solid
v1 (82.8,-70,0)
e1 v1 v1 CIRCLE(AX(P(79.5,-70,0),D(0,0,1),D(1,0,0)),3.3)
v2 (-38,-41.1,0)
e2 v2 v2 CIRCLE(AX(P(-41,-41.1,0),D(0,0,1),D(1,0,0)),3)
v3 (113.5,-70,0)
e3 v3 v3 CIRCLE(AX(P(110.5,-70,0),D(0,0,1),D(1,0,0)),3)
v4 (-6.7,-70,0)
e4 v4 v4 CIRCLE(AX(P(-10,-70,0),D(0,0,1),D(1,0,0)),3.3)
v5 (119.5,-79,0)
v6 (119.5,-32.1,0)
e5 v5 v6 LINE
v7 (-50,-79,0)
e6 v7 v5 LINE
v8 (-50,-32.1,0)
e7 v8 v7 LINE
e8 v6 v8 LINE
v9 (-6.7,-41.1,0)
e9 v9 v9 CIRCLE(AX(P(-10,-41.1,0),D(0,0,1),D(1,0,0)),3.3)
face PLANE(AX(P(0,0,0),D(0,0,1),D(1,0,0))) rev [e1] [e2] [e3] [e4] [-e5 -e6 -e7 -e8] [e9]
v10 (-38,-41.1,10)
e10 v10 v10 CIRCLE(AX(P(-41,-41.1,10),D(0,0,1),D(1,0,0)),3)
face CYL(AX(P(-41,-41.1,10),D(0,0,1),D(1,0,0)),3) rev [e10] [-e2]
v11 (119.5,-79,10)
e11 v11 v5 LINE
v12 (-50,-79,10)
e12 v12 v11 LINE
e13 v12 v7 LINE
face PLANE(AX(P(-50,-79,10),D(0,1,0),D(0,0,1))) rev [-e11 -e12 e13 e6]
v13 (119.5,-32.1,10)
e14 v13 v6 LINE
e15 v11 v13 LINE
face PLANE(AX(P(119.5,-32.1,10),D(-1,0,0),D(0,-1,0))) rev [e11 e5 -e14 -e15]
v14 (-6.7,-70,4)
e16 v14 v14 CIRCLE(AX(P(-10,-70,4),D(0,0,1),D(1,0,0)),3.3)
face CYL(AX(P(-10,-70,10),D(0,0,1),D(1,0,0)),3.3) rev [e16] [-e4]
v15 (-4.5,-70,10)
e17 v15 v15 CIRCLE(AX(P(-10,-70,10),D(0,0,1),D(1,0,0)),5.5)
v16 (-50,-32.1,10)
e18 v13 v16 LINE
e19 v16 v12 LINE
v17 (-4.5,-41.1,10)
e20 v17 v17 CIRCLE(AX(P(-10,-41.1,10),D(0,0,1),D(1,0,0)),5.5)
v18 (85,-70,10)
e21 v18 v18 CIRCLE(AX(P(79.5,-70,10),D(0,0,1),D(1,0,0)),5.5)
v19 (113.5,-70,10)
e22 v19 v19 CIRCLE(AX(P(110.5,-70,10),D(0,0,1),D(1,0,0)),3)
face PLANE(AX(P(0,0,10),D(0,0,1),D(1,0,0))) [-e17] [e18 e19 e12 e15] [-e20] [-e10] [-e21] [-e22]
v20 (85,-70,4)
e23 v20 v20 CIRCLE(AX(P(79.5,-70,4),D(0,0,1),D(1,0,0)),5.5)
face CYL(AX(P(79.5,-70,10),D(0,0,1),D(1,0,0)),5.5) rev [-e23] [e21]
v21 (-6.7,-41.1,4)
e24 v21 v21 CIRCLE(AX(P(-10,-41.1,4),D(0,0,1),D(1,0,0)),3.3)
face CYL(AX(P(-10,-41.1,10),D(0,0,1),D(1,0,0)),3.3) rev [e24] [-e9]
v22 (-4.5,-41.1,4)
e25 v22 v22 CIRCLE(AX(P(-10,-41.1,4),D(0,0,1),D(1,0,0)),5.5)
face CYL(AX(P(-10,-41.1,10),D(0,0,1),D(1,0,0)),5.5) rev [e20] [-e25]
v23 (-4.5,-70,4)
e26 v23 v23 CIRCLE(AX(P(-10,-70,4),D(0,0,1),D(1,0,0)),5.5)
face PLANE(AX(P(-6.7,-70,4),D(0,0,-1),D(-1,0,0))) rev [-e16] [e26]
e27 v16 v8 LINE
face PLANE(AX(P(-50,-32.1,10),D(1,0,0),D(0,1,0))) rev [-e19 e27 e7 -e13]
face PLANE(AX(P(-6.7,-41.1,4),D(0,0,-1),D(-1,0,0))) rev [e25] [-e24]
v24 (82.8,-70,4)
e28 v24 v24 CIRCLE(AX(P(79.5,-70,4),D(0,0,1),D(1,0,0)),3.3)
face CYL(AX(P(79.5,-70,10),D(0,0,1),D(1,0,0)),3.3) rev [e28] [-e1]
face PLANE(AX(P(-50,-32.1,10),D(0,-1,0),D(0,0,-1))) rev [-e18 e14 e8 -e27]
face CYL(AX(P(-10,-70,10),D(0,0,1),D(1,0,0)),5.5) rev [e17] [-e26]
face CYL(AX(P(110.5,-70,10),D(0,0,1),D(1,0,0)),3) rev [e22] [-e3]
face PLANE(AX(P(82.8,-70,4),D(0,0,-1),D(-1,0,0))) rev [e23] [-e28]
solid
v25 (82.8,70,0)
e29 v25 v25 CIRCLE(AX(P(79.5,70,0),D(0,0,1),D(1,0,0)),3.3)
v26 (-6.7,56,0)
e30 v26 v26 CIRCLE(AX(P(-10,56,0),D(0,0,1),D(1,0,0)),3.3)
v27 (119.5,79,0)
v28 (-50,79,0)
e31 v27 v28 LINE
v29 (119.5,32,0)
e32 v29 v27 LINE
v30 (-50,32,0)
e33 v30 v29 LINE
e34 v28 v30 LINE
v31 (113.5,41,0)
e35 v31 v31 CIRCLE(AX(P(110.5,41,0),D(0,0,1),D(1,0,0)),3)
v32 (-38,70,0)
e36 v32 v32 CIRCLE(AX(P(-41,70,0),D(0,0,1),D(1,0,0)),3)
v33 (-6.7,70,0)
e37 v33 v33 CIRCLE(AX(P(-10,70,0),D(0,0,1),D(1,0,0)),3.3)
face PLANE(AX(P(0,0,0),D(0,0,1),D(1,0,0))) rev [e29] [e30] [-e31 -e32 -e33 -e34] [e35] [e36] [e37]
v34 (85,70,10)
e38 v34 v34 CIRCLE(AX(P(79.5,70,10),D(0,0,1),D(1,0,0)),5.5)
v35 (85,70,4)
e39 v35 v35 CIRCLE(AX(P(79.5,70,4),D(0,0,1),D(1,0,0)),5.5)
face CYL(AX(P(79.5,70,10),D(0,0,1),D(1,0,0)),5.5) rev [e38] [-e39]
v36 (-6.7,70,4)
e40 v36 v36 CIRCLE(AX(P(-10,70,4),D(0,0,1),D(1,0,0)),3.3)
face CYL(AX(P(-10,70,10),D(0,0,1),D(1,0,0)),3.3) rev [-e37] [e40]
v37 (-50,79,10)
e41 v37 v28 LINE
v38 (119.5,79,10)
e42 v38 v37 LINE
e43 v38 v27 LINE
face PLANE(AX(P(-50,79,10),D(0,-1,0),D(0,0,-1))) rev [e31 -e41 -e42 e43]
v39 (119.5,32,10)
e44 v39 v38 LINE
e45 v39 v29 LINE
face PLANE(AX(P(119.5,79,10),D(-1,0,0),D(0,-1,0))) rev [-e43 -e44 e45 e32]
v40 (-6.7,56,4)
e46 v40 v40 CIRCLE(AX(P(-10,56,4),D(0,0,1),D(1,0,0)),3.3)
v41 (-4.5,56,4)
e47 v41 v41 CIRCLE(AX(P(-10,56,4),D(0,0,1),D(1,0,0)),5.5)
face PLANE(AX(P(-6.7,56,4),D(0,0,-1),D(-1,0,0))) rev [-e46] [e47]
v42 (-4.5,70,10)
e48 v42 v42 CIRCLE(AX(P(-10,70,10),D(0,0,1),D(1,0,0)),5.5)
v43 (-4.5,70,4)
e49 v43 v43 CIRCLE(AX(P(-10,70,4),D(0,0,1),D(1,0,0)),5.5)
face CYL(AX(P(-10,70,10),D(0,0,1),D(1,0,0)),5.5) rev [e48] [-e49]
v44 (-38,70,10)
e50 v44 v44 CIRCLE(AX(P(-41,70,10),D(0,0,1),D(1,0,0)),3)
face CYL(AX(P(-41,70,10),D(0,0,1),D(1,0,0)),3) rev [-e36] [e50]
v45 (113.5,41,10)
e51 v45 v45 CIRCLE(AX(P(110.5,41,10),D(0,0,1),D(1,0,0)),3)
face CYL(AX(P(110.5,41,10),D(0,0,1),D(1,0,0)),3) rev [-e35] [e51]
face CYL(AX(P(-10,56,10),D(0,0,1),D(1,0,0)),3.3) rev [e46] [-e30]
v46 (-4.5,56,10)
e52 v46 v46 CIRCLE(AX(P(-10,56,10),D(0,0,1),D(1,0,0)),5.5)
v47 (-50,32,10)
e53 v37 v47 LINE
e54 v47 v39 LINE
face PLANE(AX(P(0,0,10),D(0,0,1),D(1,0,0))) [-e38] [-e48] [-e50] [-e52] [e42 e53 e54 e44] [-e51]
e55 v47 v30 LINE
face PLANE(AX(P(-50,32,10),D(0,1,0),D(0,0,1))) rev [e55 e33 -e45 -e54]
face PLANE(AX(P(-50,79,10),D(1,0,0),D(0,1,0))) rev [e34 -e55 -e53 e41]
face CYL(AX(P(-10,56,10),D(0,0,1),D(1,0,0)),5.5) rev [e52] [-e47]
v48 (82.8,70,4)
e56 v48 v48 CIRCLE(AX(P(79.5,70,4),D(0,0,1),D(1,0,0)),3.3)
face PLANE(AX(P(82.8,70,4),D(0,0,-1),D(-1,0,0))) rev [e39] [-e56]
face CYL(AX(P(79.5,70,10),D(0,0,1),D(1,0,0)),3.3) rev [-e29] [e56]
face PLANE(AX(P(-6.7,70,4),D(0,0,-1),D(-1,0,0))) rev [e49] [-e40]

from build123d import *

# Parameters (mm, degrees)
SKETCH2_W                                = 169.5
SKETCH2_H                                = 46.9
BOSS_EXTRUDE1_DEPTH                      = 10
SKETCH2_H_2                              = 47
BOSS_EXTRUDE1_2_DEPTH                    = 10
CBORE_FOR_M6_SHCS1_AT_2_COUNT            = 2
CBORE_FOR_M6_SHCS1_AT_2_PITCH            = 89.5
CBORE_FOR_M6_SHCS1_AT_3_COUNT            = 2
CBORE_FOR_M6_SHCS1_AT_3_PITCH            = 94.050305688
CBORE_FOR_M6_SHCS2_AT_2_COUNT            = 2
CBORE_FOR_M6_SHCS2_AT_2_PITCH            = 90.58835466
CBORE_FOR_M6_SHCS2_AT_3_COUNT            = 2
CBORE_FOR_M6_SHCS2_AT_3_PITCH            = 89.5
SKETCH8_W                                = 3
SKETCH8_H                                = 10
F_6_0MM_CLEARANCE_DOWEL_HOLE1_AT_2_COUNT = 2
F_6_0MM_CLEARANCE_DOWEL_HOLE1_AT_2_PITCH = 154.250607778
SKETCH10_W                               = 3
SKETCH10_H                               = 10
F_6_0MM_CLEARANCE_DOWEL_HOLE2_AT_2_COUNT = 2
F_6_0MM_CLEARANCE_DOWEL_HOLE2_AT_2_PITCH = 154.231838477


with BuildPart() as part:
    # Sketch2 → Boss-Extrude1 (new body)
    with BuildSketch(Plane.XY):
        with Locations((34.75, -55.55)):
            Rectangle(SKETCH2_W, SKETCH2_H)
    extrude(amount=BOSS_EXTRUDE1_DEPTH)

    # Sketch4 → CBORE for M6 SHCS1 (revolve, cut)
    with BuildSketch(Plane(origin=(79.5, -70, 10), x_dir=(0, -1, 0), z_dir=(1, 0, 0))):
        Polygon((0, 0), (0, 10), (3.3, 10), (3.3, 6), (5.5, 6), (5.5, 0), align=None)
    cbore_for_m6_shcs1 = revolve(axis=Axis((79.5, -70, 16.35), (0, 0, -1)), mode=Mode.SUBTRACT)

    # CBORE for M6 SHCS1 at 2: CBORE for M6 SHCS1 ×2
    with Locations(*[(-i * CBORE_FOR_M6_SHCS1_AT_2_PITCH, 0, 0) for i in range(1, CBORE_FOR_M6_SHCS1_AT_2_COUNT)]):
        add(cbore_for_m6_shcs1, mode=Mode.SUBTRACT)

    # CBORE for M6 SHCS1 at 3: CBORE for M6 SHCS1 ×2
    with Locations(*[Vector(-0.9516183849198379, 0.3072823611640593, 0) * (i * CBORE_FOR_M6_SHCS1_AT_3_PITCH) for i in range(1, CBORE_FOR_M6_SHCS1_AT_3_COUNT)]):
        add(cbore_for_m6_shcs1, mode=Mode.SUBTRACT)

    # Sketch10 → Ø6.0mm Clearance Dowel Hole2 (revolve, cut)
    with BuildSketch(Plane(origin=(-41, -41.1, 10), x_dir=(0, -1, 0), z_dir=(1, 0, 0))):
        with Locations((1.5, 5)):
            Rectangle(SKETCH10_W, SKETCH10_H)
    f_6_0mm_clearance_dowel_hole2 = revolve(axis=Axis((-41, -41.1, 16.35), (0, 0, -1)), mode=Mode.SUBTRACT)

    # Ø6.0mm Clearance Dowel Hole2 at 2: Ø6.0mm Clearance Dowel Hole2 ×2
    with Locations(*[Vector(0.9822874543674588, -0.18738024707075618, 0) * (i * F_6_0MM_CLEARANCE_DOWEL_HOLE2_AT_2_PITCH) for i in range(1, F_6_0MM_CLEARANCE_DOWEL_HOLE2_AT_2_COUNT)]):
        add(f_6_0mm_clearance_dowel_hole2, mode=Mode.SUBTRACT)


with BuildPart() as body_2:
    # Sketch2 → Boss-Extrude1 2 (new body)
    with BuildSketch(Plane.XY):
        with Locations((34.75, 55.5)):
            Rectangle(SKETCH2_W, SKETCH2_H_2)
    extrude(amount=BOSS_EXTRUDE1_2_DEPTH)

    # Sketch6 → CBORE for M6 SHCS2 (revolve, cut)
    with BuildSketch(Plane(origin=(79.5, 70, 10), x_dir=(0, -1, 0), z_dir=(1, 0, 0))):
        Polygon((0, 0), (0, 10), (3.3, 10), (3.3, 6), (5.5, 6), (5.5, 0), align=None)
    cbore_for_m6_shcs2 = revolve(axis=Axis((79.5, 70, 16.35), (0, 0, -1)), mode=Mode.SUBTRACT)

    # CBORE for M6 SHCS2 at 2: CBORE for M6 SHCS2 ×2
    with Locations(*[Vector(-0.9879857111429782, -0.15454525090504667, 0) * (i * CBORE_FOR_M6_SHCS2_AT_2_PITCH) for i in range(1, CBORE_FOR_M6_SHCS2_AT_2_COUNT)]):
        add(cbore_for_m6_shcs2, mode=Mode.SUBTRACT)

    # CBORE for M6 SHCS2 at 3: CBORE for M6 SHCS2 ×2
    with Locations(*[(-i * CBORE_FOR_M6_SHCS2_AT_3_PITCH, 0, 0) for i in range(1, CBORE_FOR_M6_SHCS2_AT_3_COUNT)]):
        add(cbore_for_m6_shcs2, mode=Mode.SUBTRACT)

    # Sketch8 → Ø6.0mm Clearance Dowel Hole1 (revolve, cut)
    with BuildSketch(Plane(origin=(-41, 70, 10), x_dir=(0, -1, 0), z_dir=(1, 0, 0))):
        with Locations((1.5, 5)):
            Rectangle(SKETCH8_W, SKETCH8_H)
    f_6_0mm_clearance_dowel_hole1 = revolve(axis=Axis((-41, 70, 16.35), (0, 0, -1)), mode=Mode.SUBTRACT)

    # Ø6.0mm Clearance Dowel Hole1 at 2: Ø6.0mm Clearance Dowel Hole1 ×2
    with Locations(*[Vector(0.9821679290733613, -0.18800574219886163, 0) * (i * F_6_0MM_CLEARANCE_DOWEL_HOLE1_AT_2_PITCH) for i in range(1, F_6_0MM_CLEARANCE_DOWEL_HOLE1_AT_2_COUNT)]):
        add(f_6_0mm_clearance_dowel_hole1, mode=Mode.SUBTRACT)


solid = Compound([part.part, body_2.part])
